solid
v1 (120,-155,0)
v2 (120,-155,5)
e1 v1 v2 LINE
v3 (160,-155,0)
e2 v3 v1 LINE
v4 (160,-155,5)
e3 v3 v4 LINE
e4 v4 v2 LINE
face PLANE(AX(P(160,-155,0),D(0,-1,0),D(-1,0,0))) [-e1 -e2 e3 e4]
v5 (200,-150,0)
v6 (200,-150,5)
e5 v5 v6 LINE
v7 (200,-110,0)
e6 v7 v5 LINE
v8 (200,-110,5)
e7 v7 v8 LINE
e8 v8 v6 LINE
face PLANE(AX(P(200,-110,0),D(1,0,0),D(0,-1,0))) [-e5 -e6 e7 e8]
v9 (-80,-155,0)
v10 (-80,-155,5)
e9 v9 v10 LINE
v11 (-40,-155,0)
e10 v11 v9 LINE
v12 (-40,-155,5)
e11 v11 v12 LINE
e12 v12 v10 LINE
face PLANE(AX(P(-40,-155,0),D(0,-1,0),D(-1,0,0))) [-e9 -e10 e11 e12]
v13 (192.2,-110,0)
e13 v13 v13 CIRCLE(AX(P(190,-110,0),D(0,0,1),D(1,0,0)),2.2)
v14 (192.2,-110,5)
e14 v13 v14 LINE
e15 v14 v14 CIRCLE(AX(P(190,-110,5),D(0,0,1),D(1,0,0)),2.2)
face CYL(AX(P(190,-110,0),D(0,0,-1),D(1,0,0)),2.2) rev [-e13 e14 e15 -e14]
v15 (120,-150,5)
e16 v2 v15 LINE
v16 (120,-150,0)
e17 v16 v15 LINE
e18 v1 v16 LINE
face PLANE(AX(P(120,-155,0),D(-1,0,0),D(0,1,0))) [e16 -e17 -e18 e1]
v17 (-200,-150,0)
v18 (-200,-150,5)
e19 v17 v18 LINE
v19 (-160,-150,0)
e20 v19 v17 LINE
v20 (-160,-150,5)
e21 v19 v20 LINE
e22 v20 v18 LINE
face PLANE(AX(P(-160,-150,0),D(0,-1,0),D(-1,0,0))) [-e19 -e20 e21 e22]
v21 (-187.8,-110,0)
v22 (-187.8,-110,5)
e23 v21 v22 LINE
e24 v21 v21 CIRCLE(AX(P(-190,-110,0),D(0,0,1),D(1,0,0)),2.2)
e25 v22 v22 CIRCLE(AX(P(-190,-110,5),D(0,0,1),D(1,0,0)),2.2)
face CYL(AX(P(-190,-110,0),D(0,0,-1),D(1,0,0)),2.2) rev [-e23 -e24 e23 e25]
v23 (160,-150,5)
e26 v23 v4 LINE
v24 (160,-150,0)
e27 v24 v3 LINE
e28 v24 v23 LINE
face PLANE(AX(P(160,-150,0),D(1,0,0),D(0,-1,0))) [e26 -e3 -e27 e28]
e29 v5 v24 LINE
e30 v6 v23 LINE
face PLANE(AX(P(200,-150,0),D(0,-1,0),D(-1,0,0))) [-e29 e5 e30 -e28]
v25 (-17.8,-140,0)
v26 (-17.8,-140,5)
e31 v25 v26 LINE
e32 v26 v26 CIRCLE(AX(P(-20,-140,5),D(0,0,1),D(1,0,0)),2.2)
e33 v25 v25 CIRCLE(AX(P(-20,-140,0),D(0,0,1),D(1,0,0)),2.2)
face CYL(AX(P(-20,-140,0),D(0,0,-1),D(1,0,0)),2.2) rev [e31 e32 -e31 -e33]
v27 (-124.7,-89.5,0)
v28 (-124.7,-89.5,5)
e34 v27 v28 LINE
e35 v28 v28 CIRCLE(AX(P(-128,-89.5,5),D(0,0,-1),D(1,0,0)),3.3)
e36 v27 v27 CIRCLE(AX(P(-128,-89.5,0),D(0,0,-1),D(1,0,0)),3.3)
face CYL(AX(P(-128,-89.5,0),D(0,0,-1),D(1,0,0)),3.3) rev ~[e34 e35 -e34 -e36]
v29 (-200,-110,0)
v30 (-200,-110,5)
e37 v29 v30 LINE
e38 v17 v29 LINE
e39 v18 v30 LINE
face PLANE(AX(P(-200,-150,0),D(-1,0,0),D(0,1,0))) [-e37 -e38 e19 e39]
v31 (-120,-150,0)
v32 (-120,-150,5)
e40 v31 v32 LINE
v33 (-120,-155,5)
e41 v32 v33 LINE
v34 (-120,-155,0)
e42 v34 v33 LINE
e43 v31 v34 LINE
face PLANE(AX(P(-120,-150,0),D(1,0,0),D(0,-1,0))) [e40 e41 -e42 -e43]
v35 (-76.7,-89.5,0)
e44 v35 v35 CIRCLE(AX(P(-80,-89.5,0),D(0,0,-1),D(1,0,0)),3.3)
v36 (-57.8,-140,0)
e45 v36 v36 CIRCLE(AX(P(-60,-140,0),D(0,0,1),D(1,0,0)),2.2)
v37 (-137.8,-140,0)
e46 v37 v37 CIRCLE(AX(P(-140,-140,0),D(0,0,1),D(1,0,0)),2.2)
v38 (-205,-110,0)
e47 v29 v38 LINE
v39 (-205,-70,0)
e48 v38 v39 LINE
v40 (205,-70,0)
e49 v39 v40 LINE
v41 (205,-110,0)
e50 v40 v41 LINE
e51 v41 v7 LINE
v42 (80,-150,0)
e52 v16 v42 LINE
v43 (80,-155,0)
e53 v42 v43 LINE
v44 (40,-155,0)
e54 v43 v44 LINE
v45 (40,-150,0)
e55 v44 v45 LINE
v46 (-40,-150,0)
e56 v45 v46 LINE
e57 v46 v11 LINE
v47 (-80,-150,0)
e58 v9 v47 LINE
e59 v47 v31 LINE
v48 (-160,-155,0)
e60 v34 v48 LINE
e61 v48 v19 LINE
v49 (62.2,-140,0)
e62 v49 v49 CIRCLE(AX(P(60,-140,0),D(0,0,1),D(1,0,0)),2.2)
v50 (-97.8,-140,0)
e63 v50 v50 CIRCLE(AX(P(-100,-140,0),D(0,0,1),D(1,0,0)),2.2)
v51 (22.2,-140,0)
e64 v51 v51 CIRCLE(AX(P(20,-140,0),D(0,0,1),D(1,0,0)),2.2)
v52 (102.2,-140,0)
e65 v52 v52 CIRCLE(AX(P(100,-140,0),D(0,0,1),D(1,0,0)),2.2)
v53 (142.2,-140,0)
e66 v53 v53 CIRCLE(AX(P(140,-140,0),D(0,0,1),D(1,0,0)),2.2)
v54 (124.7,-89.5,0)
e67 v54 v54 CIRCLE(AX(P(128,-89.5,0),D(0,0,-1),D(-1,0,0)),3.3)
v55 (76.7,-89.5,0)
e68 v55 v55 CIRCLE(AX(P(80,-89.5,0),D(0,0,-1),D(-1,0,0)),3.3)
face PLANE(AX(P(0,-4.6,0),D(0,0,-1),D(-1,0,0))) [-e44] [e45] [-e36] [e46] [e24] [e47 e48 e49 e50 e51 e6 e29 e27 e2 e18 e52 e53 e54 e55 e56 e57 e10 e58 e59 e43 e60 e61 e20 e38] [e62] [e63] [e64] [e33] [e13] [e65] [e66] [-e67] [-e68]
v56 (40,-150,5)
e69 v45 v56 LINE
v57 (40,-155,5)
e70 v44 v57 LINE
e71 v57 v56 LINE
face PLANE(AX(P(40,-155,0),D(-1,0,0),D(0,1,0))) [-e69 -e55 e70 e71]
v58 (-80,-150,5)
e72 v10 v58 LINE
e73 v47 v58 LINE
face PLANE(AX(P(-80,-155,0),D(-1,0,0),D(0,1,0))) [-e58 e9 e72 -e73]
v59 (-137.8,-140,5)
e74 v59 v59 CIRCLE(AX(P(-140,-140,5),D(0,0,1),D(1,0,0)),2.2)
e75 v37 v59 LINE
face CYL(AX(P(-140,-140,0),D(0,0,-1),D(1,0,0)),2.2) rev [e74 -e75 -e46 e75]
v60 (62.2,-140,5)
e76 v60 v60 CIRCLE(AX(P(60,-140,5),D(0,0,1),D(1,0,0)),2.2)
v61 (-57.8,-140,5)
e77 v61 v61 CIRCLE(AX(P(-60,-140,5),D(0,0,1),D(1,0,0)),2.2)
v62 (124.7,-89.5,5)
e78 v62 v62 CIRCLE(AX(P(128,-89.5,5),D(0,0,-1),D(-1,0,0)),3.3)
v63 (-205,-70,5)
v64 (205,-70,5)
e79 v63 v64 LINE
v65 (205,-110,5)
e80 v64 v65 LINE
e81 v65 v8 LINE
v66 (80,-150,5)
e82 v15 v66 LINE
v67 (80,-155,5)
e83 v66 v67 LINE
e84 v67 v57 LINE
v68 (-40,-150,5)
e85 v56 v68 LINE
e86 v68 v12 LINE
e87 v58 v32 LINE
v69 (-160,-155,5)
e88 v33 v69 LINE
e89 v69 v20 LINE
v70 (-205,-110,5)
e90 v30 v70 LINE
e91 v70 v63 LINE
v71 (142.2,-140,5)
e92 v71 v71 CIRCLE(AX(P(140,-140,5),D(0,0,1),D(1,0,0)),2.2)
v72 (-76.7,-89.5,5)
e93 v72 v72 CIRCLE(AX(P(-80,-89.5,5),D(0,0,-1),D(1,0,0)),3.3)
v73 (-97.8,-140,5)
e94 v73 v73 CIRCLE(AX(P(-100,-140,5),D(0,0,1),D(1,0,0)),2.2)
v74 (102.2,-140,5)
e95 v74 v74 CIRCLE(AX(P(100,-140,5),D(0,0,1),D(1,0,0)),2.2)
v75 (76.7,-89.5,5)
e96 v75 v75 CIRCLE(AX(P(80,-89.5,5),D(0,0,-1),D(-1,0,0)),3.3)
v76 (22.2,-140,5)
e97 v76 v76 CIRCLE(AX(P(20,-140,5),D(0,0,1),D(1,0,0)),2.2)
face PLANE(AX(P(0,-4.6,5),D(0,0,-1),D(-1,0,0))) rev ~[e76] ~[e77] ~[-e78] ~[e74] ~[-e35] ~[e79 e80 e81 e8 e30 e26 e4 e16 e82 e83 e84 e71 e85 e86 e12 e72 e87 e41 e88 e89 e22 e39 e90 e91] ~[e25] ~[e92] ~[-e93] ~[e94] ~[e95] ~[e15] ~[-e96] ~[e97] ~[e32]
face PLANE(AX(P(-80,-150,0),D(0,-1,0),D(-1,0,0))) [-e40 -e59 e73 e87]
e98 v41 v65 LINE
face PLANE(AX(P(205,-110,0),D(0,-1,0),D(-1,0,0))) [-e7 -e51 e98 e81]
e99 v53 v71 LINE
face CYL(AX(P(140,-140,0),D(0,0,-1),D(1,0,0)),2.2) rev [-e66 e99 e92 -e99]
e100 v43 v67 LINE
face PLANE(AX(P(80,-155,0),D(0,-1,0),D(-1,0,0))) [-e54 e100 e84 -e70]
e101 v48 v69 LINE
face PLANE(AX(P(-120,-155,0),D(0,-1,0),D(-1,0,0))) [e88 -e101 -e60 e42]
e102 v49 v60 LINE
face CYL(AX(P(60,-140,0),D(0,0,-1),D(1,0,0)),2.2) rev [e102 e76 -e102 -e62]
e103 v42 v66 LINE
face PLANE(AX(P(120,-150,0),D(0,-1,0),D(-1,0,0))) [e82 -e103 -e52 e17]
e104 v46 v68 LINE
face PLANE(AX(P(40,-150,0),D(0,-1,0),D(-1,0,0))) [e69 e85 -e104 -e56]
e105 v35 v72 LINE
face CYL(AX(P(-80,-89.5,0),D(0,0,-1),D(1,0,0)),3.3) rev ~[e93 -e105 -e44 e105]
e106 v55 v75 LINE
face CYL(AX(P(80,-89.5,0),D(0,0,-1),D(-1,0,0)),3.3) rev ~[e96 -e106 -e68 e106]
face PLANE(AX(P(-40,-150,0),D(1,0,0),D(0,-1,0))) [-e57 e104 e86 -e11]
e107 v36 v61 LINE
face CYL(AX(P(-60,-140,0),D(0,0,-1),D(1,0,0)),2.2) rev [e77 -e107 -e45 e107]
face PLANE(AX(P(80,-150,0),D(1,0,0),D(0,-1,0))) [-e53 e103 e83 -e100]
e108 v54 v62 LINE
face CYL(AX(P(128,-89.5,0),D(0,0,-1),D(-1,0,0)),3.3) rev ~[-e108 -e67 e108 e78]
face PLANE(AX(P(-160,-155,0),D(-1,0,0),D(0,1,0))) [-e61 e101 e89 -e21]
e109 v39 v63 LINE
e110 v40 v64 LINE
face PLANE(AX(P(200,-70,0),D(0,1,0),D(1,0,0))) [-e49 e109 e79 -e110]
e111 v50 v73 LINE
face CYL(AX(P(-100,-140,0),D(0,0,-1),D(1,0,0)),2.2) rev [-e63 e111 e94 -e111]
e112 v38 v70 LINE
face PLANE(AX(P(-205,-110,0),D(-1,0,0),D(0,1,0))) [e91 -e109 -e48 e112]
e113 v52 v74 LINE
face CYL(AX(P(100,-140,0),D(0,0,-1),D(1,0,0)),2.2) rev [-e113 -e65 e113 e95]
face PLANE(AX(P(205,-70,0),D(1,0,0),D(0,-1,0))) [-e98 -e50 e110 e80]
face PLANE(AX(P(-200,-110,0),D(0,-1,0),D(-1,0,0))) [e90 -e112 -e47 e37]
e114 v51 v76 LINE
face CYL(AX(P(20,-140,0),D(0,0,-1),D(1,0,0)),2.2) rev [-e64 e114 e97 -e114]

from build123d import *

# Parameters (mm, degrees)
SKETCH_1_R          = 2.2
EXTRUDE_1_DEPTH     = 5
SKETCH_2_W          = 410
SKETCH_2_H          = 226.105378696
CUT_EXTRUDE_2_DEPTH = 5
SKETCH_4_W          = 410
SKETCH_4_H          = 19.486670542
EXTRUDE_3_DEPTH     = 5
SKETCH_5_R          = 3.3
CUT_EXTRUDE_3_DEPTH = 10


with BuildPart() as part:
    # 草图1 → 凸台-拉伸1 (new body)
    with BuildSketch(Plane.XY):
        Polygon((-200, 150), (200, 150), (200, 110), (205, 110), (205, 70), (200, 70), (200, 30), (205, 30), (205, -30), (200, -30), (200, -70), (205, -70), (205, -110), (200, -110), (200, -150), (160, -150), (160, -155), (120, -155), (120, -150), (80, -150), (80, -155), (40, -155), (40, -150), (-40, -150), (-40, -155), (-80, -155), (-80, -150), (-120, -150), (-120, -155), (-160, -155), (-160, -150), (-200, -150), (-200, -110), (-205, -110), (-205, -70), (-200, -70), (-200, -30), (-205, -30), (-205, 30), (-200, 30), (-200, 70), (-205, 70), (-205, 110), (-200, 110), align=None)
        with Locations((-140, -140)):
            Circle(SKETCH_1_R, mode=Mode.SUBTRACT)
        with Locations((-100, -140)):
            Circle(SKETCH_1_R, mode=Mode.SUBTRACT)
        with Locations((-60, -140)):
            Circle(SKETCH_1_R, mode=Mode.SUBTRACT)
        with Locations((-20, -140)):
            Circle(SKETCH_1_R, mode=Mode.SUBTRACT)
        with Locations((20, -140)):
            Circle(SKETCH_1_R, mode=Mode.SUBTRACT)
        with Locations((60, -140)):
            Circle(SKETCH_1_R, mode=Mode.SUBTRACT)
        with Locations((100, -140)):
            Circle(SKETCH_1_R, mode=Mode.SUBTRACT)
        with Locations((140, -140)):
            Circle(SKETCH_1_R, mode=Mode.SUBTRACT)
        with Locations((-190, 110)):
            Circle(SKETCH_1_R, mode=Mode.SUBTRACT)
        with Locations((-190, 70)):
            Circle(SKETCH_1_R, mode=Mode.SUBTRACT)
        with Locations((-190, 30)):
            Circle(SKETCH_1_R, mode=Mode.SUBTRACT)
        with Locations((-190, -30)):
            Circle(SKETCH_1_R, mode=Mode.SUBTRACT)
        with Locations((-190, -70)):
            Circle(SKETCH_1_R, mode=Mode.SUBTRACT)
        with Locations((-190, -110)):
            Circle(SKETCH_1_R, mode=Mode.SUBTRACT)
        with Locations((190, -110)):
            Circle(SKETCH_1_R, mode=Mode.SUBTRACT)
        with Locations((190, -70)):
            Circle(SKETCH_1_R, mode=Mode.SUBTRACT)
        with Locations((190, -30)):
            Circle(SKETCH_1_R, mode=Mode.SUBTRACT)
        with Locations((190, 30)):
            Circle(SKETCH_1_R, mode=Mode.SUBTRACT)
        with Locations((190, 70)):
            Circle(SKETCH_1_R, mode=Mode.SUBTRACT)
        with Locations((190, 110)):
            Circle(SKETCH_1_R, mode=Mode.SUBTRACT)
    extrude(amount=EXTRUDE_1_DEPTH)

    # 草图2 → 切除-拉伸2 (cut)
    with BuildSketch(Plane.XY.offset(5)):
        with Locations((0, 43.052689348)):
            Rectangle(SKETCH_2_W, SKETCH_2_H)
    extrude(amount=-CUT_EXTRUDE_2_DEPTH, mode=Mode.SUBTRACT)

    # 草图4 → 凸台-拉伸3 (add)
    with BuildSketch(Plane.XY.offset(5)):
        with Locations((0, -79.743335271)):
            Rectangle(SKETCH_4_W, SKETCH_4_H)
    extrude(amount=-EXTRUDE_3_DEPTH)

    # 草图5 → 切除-拉伸3 (cut)
    with BuildSketch(Plane(origin=(0, 0, 0), x_dir=(-1, 0, 0), z_dir=(0, 0, -1))):
        with Locations((-80, -89.5)):
            Circle(SKETCH_5_R)
        with Locations((-128, -89.5)):
            Circle(SKETCH_5_R)
        with Locations(Location((128, -89.5, 0), (0, 0, 180))):
            Circle(SKETCH_5_R)
        with Locations(Location((80, -89.5, 0), (0, 0, 180))):
            Circle(SKETCH_5_R)
    extrude(amount=-CUT_EXTRUDE_3_DEPTH, mode=Mode.SUBTRACT)


solid = part.part
